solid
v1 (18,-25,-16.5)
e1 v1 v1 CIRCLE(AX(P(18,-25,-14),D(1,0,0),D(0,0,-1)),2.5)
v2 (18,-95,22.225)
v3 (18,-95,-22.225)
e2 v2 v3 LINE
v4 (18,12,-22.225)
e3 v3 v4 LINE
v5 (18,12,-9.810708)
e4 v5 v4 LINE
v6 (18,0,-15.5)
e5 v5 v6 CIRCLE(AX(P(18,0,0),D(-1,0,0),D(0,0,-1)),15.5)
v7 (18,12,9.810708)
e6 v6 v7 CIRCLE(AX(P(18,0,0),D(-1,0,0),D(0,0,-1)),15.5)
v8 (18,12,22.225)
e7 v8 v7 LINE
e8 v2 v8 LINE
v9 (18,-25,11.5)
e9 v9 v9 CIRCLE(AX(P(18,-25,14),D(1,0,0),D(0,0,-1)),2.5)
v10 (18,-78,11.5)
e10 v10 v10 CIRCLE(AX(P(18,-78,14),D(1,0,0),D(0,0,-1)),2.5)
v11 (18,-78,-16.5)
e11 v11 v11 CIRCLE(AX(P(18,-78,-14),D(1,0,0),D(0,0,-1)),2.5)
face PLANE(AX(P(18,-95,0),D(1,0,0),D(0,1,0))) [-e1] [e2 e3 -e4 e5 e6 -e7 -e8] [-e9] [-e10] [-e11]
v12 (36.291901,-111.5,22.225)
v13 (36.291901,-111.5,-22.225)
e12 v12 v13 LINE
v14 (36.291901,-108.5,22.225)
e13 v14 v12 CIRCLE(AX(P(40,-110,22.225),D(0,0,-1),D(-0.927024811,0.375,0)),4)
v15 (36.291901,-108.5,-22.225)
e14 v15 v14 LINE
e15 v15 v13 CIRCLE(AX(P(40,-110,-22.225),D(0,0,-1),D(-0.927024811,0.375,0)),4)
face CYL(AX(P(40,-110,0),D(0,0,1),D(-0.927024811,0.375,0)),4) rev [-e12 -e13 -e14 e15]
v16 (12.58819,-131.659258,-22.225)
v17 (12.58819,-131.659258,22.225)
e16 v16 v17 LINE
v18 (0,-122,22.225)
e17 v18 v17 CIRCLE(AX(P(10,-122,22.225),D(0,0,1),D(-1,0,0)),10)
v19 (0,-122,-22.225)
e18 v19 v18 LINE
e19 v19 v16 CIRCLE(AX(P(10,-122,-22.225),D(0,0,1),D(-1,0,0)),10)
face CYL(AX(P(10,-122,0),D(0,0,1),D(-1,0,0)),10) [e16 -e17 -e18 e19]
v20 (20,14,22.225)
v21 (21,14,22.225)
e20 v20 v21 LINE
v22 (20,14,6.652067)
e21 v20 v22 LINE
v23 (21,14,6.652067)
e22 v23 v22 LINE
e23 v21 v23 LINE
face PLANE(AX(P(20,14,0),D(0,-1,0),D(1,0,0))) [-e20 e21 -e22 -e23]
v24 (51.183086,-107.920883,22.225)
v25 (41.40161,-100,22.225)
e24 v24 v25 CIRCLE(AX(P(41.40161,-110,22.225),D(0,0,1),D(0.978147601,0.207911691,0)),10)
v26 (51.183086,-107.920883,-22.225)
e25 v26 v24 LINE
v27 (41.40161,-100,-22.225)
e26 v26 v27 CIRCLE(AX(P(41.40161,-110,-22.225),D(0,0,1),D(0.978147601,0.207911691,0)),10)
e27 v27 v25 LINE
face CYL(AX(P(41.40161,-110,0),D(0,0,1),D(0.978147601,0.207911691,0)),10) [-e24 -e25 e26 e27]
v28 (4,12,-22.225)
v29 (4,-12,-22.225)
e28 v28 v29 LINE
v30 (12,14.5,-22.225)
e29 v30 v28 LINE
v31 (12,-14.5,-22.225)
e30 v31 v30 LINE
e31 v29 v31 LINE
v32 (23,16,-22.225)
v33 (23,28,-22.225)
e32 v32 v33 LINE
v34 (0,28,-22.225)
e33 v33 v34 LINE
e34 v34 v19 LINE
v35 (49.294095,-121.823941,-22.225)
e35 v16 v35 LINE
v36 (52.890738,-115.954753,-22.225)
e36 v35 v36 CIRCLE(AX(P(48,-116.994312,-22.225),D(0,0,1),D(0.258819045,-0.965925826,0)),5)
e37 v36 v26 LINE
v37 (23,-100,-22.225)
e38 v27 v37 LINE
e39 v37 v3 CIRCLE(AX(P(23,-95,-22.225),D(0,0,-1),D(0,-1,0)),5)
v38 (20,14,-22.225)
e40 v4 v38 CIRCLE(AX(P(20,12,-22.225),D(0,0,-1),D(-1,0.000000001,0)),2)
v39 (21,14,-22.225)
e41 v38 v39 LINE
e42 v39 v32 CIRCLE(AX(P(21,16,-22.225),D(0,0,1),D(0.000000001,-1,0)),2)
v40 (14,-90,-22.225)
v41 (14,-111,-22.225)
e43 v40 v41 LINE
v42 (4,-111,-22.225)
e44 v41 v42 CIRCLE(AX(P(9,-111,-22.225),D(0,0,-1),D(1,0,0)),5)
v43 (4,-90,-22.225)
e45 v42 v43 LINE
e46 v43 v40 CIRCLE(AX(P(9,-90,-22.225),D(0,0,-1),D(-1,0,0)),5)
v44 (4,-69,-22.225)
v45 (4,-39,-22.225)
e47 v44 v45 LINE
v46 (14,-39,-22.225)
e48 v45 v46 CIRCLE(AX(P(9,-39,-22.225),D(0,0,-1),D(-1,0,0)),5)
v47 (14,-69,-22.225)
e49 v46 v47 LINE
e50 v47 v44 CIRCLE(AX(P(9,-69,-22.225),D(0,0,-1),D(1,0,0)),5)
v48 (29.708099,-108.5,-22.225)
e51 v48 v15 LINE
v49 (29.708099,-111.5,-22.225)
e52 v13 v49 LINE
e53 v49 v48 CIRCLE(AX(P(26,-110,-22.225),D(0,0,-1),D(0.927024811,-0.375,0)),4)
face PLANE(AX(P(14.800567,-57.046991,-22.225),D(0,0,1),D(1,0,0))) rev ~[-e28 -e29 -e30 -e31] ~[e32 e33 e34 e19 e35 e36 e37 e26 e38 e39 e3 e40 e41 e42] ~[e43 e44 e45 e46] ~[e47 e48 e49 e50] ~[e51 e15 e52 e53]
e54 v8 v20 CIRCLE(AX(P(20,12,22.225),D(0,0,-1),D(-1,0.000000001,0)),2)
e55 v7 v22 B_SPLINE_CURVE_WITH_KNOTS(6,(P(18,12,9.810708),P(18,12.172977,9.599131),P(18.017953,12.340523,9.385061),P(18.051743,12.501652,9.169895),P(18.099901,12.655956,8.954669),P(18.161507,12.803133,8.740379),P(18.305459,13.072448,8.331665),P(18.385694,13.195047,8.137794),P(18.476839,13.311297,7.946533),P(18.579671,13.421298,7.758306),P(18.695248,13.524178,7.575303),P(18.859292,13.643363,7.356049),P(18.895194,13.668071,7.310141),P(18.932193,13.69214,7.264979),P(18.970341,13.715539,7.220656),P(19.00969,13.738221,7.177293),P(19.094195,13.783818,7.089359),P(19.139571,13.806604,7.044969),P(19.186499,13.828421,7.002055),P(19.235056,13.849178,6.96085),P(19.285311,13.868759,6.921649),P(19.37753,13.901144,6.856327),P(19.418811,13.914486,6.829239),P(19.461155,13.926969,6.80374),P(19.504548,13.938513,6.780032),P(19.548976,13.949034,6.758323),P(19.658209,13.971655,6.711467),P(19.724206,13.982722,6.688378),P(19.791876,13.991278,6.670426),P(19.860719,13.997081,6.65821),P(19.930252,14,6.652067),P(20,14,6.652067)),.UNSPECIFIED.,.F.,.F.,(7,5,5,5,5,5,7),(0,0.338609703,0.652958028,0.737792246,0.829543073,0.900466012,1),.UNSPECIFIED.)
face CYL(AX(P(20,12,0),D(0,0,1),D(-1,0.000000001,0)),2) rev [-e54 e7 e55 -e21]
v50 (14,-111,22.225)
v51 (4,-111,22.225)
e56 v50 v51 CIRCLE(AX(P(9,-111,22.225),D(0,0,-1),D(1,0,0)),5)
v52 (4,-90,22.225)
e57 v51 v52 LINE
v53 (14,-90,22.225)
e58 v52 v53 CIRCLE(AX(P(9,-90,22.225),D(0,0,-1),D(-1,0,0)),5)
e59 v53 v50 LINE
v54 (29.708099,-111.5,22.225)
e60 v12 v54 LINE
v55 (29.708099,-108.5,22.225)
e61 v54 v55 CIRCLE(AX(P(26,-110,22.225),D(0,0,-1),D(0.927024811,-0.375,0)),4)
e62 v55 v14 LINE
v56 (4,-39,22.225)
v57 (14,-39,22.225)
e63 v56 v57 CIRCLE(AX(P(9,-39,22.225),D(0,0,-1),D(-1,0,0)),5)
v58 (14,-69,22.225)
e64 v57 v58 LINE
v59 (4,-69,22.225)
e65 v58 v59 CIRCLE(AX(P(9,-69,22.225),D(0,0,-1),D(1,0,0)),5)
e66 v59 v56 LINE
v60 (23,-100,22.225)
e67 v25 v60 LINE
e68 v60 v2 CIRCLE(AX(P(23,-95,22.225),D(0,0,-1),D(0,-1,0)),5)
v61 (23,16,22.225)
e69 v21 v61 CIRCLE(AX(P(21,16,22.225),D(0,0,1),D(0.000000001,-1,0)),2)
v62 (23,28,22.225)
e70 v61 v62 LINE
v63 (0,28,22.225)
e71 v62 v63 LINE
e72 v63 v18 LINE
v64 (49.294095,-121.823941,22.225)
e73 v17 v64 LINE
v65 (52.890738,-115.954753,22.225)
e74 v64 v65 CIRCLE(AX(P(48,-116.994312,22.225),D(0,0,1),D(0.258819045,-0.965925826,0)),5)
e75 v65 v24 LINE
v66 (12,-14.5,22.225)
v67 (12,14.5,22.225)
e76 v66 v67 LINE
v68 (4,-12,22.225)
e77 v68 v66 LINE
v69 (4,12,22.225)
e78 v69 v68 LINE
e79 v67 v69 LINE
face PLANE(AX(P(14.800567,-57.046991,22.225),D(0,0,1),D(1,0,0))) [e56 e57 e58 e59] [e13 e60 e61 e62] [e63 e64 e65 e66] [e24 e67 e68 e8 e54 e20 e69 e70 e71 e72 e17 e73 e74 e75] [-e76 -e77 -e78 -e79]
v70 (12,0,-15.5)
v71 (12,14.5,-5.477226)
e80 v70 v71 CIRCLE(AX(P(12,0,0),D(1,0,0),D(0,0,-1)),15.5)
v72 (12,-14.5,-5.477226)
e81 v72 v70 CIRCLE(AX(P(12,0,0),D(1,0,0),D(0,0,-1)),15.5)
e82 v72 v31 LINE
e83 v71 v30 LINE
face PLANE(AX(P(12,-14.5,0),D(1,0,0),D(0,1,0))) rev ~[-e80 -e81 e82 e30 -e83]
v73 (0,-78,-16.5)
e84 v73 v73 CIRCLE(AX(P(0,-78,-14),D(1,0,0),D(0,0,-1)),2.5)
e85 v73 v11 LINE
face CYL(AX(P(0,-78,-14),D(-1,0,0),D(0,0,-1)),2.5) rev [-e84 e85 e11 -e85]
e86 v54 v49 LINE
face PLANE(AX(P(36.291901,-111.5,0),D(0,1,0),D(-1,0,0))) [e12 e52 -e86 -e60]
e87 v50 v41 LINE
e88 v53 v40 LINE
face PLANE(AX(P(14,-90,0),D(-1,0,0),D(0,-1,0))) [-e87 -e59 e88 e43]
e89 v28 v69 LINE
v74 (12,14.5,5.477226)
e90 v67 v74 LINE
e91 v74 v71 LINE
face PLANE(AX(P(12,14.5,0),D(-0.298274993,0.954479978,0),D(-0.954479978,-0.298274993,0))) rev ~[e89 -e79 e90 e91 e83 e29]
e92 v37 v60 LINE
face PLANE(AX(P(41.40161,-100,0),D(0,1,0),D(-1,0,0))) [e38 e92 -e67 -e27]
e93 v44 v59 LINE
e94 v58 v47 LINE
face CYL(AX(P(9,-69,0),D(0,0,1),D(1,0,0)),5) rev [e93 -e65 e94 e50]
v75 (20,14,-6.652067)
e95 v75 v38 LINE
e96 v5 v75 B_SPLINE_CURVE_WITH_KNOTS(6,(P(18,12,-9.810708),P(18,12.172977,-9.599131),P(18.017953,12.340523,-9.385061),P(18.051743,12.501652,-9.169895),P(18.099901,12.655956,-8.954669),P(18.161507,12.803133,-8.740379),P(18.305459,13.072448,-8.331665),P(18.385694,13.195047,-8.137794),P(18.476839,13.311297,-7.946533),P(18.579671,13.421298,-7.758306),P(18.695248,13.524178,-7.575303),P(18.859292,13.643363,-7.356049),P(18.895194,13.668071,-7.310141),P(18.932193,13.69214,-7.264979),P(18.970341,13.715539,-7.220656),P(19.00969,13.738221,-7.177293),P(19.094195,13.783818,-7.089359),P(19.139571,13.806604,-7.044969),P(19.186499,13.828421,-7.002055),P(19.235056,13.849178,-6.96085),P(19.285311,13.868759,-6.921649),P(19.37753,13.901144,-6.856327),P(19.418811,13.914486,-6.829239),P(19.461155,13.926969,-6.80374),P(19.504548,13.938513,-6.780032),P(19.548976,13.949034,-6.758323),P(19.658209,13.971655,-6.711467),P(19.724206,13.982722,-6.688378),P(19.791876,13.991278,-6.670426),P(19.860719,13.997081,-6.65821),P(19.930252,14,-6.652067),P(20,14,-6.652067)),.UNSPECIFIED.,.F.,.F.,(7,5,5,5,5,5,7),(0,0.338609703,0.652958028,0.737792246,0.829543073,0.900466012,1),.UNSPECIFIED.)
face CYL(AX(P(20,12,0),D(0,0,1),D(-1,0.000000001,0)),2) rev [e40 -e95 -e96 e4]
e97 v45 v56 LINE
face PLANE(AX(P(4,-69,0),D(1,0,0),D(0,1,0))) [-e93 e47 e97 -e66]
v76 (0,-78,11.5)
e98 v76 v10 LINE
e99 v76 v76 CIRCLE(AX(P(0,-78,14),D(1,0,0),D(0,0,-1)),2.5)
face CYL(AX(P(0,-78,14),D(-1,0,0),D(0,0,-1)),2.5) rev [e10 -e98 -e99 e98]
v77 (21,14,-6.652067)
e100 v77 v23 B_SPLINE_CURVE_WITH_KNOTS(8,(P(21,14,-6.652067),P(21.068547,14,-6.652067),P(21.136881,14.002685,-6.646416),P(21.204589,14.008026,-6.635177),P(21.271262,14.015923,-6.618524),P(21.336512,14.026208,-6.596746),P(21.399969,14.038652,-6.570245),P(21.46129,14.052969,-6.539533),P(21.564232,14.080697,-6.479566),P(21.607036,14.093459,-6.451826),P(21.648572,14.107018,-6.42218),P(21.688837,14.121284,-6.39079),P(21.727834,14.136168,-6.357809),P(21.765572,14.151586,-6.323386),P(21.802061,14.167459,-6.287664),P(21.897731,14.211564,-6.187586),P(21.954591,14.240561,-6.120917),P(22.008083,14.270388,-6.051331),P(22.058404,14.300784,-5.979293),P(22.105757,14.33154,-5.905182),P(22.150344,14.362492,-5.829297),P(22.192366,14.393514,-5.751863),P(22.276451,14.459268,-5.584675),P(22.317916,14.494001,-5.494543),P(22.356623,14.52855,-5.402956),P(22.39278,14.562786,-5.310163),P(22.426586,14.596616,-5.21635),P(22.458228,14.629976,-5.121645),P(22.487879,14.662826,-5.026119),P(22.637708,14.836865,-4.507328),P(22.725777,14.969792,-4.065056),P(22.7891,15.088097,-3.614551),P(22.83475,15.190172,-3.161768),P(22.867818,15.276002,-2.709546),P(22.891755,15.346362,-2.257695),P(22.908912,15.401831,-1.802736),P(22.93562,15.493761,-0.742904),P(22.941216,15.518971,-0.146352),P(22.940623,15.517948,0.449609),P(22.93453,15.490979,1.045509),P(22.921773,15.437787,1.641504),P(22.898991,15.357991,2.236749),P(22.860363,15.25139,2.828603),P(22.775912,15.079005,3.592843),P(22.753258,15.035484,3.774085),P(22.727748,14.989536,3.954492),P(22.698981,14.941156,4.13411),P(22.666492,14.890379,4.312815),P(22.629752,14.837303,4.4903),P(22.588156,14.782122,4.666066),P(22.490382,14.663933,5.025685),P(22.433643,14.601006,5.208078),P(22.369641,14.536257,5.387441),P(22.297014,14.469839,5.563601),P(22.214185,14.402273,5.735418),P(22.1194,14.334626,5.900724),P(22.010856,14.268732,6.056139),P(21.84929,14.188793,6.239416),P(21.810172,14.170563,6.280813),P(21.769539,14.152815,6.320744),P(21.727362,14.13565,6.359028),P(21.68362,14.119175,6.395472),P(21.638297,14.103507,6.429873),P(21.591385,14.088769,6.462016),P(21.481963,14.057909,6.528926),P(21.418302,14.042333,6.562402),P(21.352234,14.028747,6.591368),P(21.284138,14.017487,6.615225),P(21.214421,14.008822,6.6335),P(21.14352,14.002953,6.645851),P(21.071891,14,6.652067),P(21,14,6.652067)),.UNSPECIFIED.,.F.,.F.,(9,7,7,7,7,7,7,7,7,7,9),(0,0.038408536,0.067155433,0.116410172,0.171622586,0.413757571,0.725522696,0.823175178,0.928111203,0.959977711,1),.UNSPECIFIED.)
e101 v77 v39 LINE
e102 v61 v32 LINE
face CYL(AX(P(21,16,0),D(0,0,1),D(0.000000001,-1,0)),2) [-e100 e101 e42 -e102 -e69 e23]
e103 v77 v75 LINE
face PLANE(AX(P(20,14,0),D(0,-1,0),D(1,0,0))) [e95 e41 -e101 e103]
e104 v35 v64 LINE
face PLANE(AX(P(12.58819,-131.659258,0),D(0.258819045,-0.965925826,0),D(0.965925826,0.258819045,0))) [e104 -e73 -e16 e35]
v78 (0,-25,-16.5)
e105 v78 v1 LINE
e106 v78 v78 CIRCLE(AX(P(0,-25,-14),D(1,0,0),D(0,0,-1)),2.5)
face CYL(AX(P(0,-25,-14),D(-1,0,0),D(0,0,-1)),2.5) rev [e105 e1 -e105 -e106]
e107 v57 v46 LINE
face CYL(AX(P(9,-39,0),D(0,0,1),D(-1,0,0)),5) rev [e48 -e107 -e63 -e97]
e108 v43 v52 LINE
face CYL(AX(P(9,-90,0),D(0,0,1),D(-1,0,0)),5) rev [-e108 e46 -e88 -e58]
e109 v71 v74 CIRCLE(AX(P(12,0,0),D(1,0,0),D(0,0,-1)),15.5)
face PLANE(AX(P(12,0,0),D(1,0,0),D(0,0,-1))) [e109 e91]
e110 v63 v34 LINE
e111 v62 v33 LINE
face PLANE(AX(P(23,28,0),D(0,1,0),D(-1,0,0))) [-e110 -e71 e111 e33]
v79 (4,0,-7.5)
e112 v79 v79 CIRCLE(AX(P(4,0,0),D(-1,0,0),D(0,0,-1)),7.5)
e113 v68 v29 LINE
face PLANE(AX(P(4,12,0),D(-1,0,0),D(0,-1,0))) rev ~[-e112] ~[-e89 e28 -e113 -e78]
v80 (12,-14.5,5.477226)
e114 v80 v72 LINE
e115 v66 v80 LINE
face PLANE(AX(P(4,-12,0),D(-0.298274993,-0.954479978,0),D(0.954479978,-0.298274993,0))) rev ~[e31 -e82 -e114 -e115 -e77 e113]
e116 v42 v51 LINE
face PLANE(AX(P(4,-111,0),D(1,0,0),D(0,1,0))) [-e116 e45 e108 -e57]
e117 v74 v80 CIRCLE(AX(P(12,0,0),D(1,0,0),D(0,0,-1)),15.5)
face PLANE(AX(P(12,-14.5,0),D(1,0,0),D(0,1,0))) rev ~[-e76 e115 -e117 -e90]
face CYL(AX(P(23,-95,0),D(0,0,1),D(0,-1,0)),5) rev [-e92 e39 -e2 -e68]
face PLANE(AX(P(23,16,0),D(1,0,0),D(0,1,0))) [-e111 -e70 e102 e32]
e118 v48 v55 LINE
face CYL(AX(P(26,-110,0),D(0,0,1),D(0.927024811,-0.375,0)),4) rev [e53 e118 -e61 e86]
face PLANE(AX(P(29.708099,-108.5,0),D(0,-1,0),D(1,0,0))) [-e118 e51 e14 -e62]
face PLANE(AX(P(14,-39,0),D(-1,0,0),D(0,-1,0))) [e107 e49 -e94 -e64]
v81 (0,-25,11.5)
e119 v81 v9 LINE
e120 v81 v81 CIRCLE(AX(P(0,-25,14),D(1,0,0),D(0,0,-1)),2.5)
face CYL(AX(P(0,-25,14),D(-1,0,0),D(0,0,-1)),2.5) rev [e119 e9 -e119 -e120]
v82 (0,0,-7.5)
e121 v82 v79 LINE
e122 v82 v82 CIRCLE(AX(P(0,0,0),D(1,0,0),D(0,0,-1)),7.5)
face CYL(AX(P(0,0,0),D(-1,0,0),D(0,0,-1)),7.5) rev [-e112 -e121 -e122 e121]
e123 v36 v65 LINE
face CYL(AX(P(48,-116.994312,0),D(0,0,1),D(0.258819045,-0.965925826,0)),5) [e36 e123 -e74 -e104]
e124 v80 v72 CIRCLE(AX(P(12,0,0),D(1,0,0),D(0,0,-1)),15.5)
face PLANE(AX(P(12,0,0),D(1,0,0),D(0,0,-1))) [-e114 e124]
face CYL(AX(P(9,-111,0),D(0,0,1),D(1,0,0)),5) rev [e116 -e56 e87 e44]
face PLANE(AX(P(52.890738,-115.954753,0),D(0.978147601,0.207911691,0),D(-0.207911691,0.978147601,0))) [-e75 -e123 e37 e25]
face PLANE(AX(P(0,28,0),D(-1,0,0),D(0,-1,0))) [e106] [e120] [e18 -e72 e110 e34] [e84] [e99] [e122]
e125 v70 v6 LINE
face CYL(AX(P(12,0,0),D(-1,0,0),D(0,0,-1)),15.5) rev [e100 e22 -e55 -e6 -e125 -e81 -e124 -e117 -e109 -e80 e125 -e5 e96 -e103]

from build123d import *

# Parameters (mm, degrees)
BOSS_EXTRUDE1_DEPTH = 22.225
SKETCH2_R           = 2.5
SKETCH2_R_2         = 7.5
CUT_EXTRUDE5_DEPTH  = 18
CUT_EXTRUDE7_START  = 12
SKETCH2_8_R         = 15.5
CUT_EXTRUDE7_DEPTH  = 42


with BuildPart() as part:
    # Sketch1 → Boss-Extrude1 (new body, symmetric)
    with BuildSketch(Plane.XY):
        with BuildLine():
            Line((0, 28), (0, -122))
            ThreePointArc((0, -122), (3.91238571, -129.933533403), (12.588190451, -131.659258263))
            Line((12.588190451, -131.659258263), (49.294095226, -121.823940721))
            ThreePointArc((49.294095226, -121.823940721), (52.263200822, -119.606804413), (52.890738004, -115.954753136))
            Line((52.890738004, -115.954753136), (51.18308621, -107.920883092))
            ThreePointArc((51.18308621, -107.920883092), (47.694814113, -102.228540385), (41.401610203, -100))
            Line((41.401610203, -100), (23, -100))
            ThreePointArc((23, -100), (19.464466094, -98.535533906), (18, -95))
            Line((18, -95), (18, 12))
            ThreePointArc((18, 12), (18.585786438, 13.414213562), (20, 14))
            Line((20, 14), (21, 14))
            ThreePointArc((21, 14), (22.414213562, 14.585786438), (23, 16))
            Line((23, 16), (23, 28))
            Line((23, 28), (18, 28))
            Line((18, 28), (0, 28))
        make_face()
        with BuildLine():
            Line((4, -111), (4, -90))
            ThreePointArc((4, -90), (9, -85), (14, -90))
            Line((14, -90), (14, -111))
            ThreePointArc((14, -111), (9, -116), (4, -111))
        make_face(mode=Mode.SUBTRACT)
        with BuildLine():
            Line((4, -69), (4, -39))
            ThreePointArc((4, -39), (9, -34), (14, -39))
            Line((14, -39), (14, -69))
            ThreePointArc((14, -69), (9, -74), (4, -69))
        make_face(mode=Mode.SUBTRACT)
        with BuildLine():
            Line((29.708099244, -108.5), (36.291900756, -108.5))
            ThreePointArc((36.291900756, -108.5), (44, -110), (36.291900756, -111.5))
            Line((36.291900756, -111.5), (29.708099244, -111.5))
            ThreePointArc((29.708099244, -111.5), (22, -110), (29.708099244, -108.5))
        make_face(mode=Mode.SUBTRACT)
        Polygon((4, 12), (4, -12), (12, -14.5), (12, 14.5), align=None, mode=Mode.SUBTRACT)
    extrude(amount=BOSS_EXTRUDE1_DEPTH, both=True)

    # Sketch2 → Cut-Extrude5 (cut)
    with BuildSketch(Plane(origin=(0, 0, 0), x_dir=(0, 0, -1), z_dir=(1, 0, 0))):
        with Locations((14, -78)):
            Circle(SKETCH2_R)
        with Locations((-14, -78)):
            Circle(SKETCH2_R)
        with Locations((-14, -25)):
            Circle(SKETCH2_R)
        with Locations((14, -25)):
            Circle(SKETCH2_R)
        Circle(SKETCH2_R_2)
    extrude(amount=CUT_EXTRUDE5_DEPTH, mode=Mode.SUBTRACT)

    # Sketch2<8> → Cut-Extrude7 (cut, through all)
    with BuildSketch(Plane(origin=(0, 0, 0), x_dir=(0, 0, -1), z_dir=(1, 0, 0)).offset(CUT_EXTRUDE7_START)):
        Circle(SKETCH2_8_R)
    extrude(amount=CUT_EXTRUDE7_DEPTH, mode=Mode.SUBTRACT)


solid = part.part
